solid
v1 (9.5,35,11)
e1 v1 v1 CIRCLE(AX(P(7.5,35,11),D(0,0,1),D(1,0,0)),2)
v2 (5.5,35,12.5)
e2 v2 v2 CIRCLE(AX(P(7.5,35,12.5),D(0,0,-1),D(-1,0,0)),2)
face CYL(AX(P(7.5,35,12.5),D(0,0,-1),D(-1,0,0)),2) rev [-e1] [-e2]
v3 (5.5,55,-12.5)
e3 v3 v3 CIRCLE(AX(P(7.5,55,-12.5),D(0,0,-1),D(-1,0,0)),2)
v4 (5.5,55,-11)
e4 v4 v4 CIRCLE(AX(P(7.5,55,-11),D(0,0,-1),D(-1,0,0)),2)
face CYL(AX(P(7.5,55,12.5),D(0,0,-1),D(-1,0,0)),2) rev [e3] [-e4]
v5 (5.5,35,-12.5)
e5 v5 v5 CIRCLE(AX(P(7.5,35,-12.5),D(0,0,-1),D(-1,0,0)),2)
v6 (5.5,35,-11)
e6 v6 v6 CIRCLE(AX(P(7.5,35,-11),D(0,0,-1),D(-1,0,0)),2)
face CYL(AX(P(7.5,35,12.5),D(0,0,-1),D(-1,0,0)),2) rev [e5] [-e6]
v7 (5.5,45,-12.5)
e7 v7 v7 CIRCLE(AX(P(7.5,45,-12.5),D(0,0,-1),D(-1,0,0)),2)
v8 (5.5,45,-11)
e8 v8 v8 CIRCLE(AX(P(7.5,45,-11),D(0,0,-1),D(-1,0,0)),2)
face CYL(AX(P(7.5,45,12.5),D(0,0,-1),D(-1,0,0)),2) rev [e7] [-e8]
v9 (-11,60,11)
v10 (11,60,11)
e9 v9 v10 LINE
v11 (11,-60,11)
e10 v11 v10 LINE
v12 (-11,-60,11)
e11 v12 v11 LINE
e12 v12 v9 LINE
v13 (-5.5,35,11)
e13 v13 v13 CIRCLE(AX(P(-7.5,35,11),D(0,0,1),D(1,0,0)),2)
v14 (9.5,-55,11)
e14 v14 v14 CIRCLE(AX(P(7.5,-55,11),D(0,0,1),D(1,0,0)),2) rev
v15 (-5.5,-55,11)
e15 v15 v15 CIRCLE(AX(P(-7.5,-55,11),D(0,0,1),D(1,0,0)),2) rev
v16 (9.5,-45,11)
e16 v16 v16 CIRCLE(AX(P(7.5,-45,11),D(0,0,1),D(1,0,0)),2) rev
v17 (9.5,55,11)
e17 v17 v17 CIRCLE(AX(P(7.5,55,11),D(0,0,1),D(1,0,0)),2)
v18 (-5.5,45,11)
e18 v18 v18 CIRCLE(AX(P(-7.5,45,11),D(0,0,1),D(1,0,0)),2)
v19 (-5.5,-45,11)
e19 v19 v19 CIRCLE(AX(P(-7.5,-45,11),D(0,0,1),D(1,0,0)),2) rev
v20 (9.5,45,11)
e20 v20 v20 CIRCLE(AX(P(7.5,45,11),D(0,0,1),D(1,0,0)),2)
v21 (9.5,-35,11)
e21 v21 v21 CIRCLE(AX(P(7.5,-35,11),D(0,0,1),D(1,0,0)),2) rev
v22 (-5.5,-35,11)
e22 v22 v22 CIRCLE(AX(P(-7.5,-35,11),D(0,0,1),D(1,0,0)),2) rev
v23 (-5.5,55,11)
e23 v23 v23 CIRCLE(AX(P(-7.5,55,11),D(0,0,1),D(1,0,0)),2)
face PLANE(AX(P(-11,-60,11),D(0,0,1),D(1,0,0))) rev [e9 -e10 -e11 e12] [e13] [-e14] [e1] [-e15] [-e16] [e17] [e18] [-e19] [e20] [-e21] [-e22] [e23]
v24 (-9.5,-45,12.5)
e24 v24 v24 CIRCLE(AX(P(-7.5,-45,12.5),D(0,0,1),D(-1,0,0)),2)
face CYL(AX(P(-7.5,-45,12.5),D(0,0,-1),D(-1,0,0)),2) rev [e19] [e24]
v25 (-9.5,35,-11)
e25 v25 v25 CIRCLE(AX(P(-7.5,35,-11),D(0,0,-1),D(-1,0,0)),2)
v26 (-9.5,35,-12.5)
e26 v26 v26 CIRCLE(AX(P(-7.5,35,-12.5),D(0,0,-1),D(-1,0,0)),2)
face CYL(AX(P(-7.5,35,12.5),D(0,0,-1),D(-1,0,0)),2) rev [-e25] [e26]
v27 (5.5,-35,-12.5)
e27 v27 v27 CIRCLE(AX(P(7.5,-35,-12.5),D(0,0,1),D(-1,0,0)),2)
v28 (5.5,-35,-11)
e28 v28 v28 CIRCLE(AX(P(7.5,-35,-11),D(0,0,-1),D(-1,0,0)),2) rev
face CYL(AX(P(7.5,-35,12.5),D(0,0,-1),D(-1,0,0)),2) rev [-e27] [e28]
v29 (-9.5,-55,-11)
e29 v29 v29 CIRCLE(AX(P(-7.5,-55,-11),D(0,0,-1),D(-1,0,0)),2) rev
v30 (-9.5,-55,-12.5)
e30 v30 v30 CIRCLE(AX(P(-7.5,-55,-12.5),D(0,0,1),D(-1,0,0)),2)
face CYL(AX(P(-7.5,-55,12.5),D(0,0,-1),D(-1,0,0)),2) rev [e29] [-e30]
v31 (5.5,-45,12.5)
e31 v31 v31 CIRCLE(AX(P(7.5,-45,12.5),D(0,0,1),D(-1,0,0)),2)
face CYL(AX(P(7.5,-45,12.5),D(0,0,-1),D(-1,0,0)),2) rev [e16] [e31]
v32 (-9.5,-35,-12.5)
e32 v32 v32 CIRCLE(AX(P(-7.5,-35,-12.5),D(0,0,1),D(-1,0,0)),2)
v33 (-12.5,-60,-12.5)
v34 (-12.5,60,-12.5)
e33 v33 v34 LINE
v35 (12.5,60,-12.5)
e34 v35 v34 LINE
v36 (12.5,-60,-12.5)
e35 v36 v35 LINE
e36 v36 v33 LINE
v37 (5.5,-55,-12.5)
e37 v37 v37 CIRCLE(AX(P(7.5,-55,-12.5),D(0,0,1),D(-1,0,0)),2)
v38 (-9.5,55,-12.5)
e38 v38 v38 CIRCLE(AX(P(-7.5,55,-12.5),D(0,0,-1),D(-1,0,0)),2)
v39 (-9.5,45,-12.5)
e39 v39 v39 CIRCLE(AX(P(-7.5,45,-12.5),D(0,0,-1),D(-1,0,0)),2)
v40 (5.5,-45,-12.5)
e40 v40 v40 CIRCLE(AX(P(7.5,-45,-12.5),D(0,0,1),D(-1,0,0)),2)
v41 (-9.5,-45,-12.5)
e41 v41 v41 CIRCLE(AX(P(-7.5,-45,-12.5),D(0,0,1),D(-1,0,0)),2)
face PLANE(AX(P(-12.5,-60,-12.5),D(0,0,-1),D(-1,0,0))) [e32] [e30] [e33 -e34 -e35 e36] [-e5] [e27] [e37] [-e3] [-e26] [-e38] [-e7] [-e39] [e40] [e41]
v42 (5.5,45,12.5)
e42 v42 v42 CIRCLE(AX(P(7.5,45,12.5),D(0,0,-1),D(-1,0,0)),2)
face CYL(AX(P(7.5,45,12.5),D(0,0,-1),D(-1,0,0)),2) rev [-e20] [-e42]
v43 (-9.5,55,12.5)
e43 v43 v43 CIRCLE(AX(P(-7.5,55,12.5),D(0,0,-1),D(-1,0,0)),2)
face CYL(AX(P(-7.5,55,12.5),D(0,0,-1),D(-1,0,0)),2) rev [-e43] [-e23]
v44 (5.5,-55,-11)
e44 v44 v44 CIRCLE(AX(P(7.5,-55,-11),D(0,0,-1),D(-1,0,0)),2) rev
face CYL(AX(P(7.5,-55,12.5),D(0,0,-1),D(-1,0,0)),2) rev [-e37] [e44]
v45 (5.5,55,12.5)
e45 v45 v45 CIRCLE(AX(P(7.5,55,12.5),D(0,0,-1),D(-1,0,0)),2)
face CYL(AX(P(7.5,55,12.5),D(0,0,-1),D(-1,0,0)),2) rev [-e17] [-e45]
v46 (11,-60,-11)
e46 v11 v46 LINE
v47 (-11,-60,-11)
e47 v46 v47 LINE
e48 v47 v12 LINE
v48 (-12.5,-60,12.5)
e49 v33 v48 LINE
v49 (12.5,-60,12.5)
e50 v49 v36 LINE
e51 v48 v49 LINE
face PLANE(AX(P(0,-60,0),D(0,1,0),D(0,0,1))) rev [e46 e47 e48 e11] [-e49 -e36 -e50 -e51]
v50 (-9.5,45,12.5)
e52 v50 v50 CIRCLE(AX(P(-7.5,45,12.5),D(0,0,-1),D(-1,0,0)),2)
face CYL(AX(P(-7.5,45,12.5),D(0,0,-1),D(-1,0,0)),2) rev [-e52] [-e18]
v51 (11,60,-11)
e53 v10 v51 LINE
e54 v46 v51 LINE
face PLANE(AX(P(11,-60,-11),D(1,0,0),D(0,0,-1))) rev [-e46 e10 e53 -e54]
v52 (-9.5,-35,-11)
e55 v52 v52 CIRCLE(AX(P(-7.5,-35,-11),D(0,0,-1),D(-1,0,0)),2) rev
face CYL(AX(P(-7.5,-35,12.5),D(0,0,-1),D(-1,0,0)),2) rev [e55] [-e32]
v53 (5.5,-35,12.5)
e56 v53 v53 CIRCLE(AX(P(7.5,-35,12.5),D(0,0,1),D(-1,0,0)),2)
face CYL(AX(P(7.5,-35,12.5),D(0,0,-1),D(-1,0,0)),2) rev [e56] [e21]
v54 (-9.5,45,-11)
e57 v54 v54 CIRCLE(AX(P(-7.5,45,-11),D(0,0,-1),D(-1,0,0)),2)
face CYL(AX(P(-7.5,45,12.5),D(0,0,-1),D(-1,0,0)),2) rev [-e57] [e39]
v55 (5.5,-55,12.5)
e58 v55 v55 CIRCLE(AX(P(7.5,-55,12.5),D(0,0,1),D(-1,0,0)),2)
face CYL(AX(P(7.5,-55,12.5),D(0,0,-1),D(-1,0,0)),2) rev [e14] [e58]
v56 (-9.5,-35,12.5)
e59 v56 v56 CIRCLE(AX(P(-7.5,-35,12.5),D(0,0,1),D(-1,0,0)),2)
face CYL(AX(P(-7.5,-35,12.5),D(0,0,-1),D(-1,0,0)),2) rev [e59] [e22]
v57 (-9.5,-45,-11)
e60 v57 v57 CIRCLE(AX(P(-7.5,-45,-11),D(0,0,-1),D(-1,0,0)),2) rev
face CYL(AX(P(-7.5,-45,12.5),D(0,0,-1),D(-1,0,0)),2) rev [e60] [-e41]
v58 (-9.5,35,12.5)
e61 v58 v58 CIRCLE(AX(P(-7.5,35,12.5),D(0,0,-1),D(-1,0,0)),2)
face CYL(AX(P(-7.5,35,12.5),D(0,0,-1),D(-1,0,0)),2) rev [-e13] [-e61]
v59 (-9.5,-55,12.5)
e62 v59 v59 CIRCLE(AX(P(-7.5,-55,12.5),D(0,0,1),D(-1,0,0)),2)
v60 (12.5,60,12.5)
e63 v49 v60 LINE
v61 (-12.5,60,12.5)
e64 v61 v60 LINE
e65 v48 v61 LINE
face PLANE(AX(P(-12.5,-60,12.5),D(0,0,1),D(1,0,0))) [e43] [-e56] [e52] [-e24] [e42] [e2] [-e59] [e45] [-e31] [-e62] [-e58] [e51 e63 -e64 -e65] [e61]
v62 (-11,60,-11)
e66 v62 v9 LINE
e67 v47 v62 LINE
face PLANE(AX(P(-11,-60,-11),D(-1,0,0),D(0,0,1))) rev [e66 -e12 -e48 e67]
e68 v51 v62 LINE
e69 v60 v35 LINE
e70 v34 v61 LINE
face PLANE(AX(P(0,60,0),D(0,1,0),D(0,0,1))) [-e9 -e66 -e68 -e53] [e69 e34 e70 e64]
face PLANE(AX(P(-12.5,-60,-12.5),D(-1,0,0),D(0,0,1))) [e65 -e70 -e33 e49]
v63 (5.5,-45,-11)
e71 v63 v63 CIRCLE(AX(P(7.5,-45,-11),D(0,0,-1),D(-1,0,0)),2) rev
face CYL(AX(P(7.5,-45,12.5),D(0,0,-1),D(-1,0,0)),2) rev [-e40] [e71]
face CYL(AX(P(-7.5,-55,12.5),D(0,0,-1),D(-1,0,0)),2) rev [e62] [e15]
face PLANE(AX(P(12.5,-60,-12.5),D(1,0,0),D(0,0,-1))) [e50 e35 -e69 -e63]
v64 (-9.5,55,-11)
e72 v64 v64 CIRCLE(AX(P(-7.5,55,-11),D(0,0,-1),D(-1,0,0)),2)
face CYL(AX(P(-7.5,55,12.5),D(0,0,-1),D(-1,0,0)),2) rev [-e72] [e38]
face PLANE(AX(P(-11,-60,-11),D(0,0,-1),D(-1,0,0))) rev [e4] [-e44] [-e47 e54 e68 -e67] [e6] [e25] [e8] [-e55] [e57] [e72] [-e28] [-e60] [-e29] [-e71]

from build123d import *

# Parameters (mm, degrees)
BOSS_EXTRUDE1_DEPTH      = 60
BOSS_EXTRUDE1_DEPTH_BACK = 60
SKETCH1_W                = 25
SKETCH1_H                = 25
SKETCH1_W_2              = 22
SKETCH1_H_2              = 22
SKETCH2_R                = 2
CUT_EXTRUDE1_DEPTH       = 25


with BuildPart() as part:
    # Sketch1 → Boss-Extrude1 (new, two sides: drawn at the far end of the back side and taken through both)
    with BuildSketch(Plane(origin=(0, 0, 0), x_dir=(1, 0, 0), z_dir=(0, 1, 0)).offset(-BOSS_EXTRUDE1_DEPTH_BACK)):
        Rectangle(SKETCH1_W, SKETCH1_H)
        Rectangle(SKETCH1_W_2, SKETCH1_H_2, mode=Mode.SUBTRACT)
    extrude(amount=BOSS_EXTRUDE1_DEPTH + BOSS_EXTRUDE1_DEPTH_BACK)

    # Sketch2 → Cut-Extrude1 (cut)
    with BuildSketch(Plane(origin=(0, 0, -12.5), x_dir=(-1, 0, 0), z_dir=(0, 0, -1))):
        with Locations((7.5, 55)):
            Circle(SKETCH2_R)
        with Locations((7.5, 45)):
            Circle(SKETCH2_R)
        with Locations((-7.5, 55)):
            Circle(SKETCH2_R)
        with Locations((-7.5, 45)):
            Circle(SKETCH2_R)
        with Locations((7.5, 35)):
            Circle(SKETCH2_R)
        with Locations((-7.5, 35)):
            Circle(SKETCH2_R)
    cut_extrude1 = extrude(amount=-CUT_EXTRUDE1_DEPTH, mode=Mode.SUBTRACT)

    # Mirror1: Cut-Extrude1 across plane
    add(cut_extrude1.mirror(Plane.ZX), mode=Mode.SUBTRACT)


solid = part.part
